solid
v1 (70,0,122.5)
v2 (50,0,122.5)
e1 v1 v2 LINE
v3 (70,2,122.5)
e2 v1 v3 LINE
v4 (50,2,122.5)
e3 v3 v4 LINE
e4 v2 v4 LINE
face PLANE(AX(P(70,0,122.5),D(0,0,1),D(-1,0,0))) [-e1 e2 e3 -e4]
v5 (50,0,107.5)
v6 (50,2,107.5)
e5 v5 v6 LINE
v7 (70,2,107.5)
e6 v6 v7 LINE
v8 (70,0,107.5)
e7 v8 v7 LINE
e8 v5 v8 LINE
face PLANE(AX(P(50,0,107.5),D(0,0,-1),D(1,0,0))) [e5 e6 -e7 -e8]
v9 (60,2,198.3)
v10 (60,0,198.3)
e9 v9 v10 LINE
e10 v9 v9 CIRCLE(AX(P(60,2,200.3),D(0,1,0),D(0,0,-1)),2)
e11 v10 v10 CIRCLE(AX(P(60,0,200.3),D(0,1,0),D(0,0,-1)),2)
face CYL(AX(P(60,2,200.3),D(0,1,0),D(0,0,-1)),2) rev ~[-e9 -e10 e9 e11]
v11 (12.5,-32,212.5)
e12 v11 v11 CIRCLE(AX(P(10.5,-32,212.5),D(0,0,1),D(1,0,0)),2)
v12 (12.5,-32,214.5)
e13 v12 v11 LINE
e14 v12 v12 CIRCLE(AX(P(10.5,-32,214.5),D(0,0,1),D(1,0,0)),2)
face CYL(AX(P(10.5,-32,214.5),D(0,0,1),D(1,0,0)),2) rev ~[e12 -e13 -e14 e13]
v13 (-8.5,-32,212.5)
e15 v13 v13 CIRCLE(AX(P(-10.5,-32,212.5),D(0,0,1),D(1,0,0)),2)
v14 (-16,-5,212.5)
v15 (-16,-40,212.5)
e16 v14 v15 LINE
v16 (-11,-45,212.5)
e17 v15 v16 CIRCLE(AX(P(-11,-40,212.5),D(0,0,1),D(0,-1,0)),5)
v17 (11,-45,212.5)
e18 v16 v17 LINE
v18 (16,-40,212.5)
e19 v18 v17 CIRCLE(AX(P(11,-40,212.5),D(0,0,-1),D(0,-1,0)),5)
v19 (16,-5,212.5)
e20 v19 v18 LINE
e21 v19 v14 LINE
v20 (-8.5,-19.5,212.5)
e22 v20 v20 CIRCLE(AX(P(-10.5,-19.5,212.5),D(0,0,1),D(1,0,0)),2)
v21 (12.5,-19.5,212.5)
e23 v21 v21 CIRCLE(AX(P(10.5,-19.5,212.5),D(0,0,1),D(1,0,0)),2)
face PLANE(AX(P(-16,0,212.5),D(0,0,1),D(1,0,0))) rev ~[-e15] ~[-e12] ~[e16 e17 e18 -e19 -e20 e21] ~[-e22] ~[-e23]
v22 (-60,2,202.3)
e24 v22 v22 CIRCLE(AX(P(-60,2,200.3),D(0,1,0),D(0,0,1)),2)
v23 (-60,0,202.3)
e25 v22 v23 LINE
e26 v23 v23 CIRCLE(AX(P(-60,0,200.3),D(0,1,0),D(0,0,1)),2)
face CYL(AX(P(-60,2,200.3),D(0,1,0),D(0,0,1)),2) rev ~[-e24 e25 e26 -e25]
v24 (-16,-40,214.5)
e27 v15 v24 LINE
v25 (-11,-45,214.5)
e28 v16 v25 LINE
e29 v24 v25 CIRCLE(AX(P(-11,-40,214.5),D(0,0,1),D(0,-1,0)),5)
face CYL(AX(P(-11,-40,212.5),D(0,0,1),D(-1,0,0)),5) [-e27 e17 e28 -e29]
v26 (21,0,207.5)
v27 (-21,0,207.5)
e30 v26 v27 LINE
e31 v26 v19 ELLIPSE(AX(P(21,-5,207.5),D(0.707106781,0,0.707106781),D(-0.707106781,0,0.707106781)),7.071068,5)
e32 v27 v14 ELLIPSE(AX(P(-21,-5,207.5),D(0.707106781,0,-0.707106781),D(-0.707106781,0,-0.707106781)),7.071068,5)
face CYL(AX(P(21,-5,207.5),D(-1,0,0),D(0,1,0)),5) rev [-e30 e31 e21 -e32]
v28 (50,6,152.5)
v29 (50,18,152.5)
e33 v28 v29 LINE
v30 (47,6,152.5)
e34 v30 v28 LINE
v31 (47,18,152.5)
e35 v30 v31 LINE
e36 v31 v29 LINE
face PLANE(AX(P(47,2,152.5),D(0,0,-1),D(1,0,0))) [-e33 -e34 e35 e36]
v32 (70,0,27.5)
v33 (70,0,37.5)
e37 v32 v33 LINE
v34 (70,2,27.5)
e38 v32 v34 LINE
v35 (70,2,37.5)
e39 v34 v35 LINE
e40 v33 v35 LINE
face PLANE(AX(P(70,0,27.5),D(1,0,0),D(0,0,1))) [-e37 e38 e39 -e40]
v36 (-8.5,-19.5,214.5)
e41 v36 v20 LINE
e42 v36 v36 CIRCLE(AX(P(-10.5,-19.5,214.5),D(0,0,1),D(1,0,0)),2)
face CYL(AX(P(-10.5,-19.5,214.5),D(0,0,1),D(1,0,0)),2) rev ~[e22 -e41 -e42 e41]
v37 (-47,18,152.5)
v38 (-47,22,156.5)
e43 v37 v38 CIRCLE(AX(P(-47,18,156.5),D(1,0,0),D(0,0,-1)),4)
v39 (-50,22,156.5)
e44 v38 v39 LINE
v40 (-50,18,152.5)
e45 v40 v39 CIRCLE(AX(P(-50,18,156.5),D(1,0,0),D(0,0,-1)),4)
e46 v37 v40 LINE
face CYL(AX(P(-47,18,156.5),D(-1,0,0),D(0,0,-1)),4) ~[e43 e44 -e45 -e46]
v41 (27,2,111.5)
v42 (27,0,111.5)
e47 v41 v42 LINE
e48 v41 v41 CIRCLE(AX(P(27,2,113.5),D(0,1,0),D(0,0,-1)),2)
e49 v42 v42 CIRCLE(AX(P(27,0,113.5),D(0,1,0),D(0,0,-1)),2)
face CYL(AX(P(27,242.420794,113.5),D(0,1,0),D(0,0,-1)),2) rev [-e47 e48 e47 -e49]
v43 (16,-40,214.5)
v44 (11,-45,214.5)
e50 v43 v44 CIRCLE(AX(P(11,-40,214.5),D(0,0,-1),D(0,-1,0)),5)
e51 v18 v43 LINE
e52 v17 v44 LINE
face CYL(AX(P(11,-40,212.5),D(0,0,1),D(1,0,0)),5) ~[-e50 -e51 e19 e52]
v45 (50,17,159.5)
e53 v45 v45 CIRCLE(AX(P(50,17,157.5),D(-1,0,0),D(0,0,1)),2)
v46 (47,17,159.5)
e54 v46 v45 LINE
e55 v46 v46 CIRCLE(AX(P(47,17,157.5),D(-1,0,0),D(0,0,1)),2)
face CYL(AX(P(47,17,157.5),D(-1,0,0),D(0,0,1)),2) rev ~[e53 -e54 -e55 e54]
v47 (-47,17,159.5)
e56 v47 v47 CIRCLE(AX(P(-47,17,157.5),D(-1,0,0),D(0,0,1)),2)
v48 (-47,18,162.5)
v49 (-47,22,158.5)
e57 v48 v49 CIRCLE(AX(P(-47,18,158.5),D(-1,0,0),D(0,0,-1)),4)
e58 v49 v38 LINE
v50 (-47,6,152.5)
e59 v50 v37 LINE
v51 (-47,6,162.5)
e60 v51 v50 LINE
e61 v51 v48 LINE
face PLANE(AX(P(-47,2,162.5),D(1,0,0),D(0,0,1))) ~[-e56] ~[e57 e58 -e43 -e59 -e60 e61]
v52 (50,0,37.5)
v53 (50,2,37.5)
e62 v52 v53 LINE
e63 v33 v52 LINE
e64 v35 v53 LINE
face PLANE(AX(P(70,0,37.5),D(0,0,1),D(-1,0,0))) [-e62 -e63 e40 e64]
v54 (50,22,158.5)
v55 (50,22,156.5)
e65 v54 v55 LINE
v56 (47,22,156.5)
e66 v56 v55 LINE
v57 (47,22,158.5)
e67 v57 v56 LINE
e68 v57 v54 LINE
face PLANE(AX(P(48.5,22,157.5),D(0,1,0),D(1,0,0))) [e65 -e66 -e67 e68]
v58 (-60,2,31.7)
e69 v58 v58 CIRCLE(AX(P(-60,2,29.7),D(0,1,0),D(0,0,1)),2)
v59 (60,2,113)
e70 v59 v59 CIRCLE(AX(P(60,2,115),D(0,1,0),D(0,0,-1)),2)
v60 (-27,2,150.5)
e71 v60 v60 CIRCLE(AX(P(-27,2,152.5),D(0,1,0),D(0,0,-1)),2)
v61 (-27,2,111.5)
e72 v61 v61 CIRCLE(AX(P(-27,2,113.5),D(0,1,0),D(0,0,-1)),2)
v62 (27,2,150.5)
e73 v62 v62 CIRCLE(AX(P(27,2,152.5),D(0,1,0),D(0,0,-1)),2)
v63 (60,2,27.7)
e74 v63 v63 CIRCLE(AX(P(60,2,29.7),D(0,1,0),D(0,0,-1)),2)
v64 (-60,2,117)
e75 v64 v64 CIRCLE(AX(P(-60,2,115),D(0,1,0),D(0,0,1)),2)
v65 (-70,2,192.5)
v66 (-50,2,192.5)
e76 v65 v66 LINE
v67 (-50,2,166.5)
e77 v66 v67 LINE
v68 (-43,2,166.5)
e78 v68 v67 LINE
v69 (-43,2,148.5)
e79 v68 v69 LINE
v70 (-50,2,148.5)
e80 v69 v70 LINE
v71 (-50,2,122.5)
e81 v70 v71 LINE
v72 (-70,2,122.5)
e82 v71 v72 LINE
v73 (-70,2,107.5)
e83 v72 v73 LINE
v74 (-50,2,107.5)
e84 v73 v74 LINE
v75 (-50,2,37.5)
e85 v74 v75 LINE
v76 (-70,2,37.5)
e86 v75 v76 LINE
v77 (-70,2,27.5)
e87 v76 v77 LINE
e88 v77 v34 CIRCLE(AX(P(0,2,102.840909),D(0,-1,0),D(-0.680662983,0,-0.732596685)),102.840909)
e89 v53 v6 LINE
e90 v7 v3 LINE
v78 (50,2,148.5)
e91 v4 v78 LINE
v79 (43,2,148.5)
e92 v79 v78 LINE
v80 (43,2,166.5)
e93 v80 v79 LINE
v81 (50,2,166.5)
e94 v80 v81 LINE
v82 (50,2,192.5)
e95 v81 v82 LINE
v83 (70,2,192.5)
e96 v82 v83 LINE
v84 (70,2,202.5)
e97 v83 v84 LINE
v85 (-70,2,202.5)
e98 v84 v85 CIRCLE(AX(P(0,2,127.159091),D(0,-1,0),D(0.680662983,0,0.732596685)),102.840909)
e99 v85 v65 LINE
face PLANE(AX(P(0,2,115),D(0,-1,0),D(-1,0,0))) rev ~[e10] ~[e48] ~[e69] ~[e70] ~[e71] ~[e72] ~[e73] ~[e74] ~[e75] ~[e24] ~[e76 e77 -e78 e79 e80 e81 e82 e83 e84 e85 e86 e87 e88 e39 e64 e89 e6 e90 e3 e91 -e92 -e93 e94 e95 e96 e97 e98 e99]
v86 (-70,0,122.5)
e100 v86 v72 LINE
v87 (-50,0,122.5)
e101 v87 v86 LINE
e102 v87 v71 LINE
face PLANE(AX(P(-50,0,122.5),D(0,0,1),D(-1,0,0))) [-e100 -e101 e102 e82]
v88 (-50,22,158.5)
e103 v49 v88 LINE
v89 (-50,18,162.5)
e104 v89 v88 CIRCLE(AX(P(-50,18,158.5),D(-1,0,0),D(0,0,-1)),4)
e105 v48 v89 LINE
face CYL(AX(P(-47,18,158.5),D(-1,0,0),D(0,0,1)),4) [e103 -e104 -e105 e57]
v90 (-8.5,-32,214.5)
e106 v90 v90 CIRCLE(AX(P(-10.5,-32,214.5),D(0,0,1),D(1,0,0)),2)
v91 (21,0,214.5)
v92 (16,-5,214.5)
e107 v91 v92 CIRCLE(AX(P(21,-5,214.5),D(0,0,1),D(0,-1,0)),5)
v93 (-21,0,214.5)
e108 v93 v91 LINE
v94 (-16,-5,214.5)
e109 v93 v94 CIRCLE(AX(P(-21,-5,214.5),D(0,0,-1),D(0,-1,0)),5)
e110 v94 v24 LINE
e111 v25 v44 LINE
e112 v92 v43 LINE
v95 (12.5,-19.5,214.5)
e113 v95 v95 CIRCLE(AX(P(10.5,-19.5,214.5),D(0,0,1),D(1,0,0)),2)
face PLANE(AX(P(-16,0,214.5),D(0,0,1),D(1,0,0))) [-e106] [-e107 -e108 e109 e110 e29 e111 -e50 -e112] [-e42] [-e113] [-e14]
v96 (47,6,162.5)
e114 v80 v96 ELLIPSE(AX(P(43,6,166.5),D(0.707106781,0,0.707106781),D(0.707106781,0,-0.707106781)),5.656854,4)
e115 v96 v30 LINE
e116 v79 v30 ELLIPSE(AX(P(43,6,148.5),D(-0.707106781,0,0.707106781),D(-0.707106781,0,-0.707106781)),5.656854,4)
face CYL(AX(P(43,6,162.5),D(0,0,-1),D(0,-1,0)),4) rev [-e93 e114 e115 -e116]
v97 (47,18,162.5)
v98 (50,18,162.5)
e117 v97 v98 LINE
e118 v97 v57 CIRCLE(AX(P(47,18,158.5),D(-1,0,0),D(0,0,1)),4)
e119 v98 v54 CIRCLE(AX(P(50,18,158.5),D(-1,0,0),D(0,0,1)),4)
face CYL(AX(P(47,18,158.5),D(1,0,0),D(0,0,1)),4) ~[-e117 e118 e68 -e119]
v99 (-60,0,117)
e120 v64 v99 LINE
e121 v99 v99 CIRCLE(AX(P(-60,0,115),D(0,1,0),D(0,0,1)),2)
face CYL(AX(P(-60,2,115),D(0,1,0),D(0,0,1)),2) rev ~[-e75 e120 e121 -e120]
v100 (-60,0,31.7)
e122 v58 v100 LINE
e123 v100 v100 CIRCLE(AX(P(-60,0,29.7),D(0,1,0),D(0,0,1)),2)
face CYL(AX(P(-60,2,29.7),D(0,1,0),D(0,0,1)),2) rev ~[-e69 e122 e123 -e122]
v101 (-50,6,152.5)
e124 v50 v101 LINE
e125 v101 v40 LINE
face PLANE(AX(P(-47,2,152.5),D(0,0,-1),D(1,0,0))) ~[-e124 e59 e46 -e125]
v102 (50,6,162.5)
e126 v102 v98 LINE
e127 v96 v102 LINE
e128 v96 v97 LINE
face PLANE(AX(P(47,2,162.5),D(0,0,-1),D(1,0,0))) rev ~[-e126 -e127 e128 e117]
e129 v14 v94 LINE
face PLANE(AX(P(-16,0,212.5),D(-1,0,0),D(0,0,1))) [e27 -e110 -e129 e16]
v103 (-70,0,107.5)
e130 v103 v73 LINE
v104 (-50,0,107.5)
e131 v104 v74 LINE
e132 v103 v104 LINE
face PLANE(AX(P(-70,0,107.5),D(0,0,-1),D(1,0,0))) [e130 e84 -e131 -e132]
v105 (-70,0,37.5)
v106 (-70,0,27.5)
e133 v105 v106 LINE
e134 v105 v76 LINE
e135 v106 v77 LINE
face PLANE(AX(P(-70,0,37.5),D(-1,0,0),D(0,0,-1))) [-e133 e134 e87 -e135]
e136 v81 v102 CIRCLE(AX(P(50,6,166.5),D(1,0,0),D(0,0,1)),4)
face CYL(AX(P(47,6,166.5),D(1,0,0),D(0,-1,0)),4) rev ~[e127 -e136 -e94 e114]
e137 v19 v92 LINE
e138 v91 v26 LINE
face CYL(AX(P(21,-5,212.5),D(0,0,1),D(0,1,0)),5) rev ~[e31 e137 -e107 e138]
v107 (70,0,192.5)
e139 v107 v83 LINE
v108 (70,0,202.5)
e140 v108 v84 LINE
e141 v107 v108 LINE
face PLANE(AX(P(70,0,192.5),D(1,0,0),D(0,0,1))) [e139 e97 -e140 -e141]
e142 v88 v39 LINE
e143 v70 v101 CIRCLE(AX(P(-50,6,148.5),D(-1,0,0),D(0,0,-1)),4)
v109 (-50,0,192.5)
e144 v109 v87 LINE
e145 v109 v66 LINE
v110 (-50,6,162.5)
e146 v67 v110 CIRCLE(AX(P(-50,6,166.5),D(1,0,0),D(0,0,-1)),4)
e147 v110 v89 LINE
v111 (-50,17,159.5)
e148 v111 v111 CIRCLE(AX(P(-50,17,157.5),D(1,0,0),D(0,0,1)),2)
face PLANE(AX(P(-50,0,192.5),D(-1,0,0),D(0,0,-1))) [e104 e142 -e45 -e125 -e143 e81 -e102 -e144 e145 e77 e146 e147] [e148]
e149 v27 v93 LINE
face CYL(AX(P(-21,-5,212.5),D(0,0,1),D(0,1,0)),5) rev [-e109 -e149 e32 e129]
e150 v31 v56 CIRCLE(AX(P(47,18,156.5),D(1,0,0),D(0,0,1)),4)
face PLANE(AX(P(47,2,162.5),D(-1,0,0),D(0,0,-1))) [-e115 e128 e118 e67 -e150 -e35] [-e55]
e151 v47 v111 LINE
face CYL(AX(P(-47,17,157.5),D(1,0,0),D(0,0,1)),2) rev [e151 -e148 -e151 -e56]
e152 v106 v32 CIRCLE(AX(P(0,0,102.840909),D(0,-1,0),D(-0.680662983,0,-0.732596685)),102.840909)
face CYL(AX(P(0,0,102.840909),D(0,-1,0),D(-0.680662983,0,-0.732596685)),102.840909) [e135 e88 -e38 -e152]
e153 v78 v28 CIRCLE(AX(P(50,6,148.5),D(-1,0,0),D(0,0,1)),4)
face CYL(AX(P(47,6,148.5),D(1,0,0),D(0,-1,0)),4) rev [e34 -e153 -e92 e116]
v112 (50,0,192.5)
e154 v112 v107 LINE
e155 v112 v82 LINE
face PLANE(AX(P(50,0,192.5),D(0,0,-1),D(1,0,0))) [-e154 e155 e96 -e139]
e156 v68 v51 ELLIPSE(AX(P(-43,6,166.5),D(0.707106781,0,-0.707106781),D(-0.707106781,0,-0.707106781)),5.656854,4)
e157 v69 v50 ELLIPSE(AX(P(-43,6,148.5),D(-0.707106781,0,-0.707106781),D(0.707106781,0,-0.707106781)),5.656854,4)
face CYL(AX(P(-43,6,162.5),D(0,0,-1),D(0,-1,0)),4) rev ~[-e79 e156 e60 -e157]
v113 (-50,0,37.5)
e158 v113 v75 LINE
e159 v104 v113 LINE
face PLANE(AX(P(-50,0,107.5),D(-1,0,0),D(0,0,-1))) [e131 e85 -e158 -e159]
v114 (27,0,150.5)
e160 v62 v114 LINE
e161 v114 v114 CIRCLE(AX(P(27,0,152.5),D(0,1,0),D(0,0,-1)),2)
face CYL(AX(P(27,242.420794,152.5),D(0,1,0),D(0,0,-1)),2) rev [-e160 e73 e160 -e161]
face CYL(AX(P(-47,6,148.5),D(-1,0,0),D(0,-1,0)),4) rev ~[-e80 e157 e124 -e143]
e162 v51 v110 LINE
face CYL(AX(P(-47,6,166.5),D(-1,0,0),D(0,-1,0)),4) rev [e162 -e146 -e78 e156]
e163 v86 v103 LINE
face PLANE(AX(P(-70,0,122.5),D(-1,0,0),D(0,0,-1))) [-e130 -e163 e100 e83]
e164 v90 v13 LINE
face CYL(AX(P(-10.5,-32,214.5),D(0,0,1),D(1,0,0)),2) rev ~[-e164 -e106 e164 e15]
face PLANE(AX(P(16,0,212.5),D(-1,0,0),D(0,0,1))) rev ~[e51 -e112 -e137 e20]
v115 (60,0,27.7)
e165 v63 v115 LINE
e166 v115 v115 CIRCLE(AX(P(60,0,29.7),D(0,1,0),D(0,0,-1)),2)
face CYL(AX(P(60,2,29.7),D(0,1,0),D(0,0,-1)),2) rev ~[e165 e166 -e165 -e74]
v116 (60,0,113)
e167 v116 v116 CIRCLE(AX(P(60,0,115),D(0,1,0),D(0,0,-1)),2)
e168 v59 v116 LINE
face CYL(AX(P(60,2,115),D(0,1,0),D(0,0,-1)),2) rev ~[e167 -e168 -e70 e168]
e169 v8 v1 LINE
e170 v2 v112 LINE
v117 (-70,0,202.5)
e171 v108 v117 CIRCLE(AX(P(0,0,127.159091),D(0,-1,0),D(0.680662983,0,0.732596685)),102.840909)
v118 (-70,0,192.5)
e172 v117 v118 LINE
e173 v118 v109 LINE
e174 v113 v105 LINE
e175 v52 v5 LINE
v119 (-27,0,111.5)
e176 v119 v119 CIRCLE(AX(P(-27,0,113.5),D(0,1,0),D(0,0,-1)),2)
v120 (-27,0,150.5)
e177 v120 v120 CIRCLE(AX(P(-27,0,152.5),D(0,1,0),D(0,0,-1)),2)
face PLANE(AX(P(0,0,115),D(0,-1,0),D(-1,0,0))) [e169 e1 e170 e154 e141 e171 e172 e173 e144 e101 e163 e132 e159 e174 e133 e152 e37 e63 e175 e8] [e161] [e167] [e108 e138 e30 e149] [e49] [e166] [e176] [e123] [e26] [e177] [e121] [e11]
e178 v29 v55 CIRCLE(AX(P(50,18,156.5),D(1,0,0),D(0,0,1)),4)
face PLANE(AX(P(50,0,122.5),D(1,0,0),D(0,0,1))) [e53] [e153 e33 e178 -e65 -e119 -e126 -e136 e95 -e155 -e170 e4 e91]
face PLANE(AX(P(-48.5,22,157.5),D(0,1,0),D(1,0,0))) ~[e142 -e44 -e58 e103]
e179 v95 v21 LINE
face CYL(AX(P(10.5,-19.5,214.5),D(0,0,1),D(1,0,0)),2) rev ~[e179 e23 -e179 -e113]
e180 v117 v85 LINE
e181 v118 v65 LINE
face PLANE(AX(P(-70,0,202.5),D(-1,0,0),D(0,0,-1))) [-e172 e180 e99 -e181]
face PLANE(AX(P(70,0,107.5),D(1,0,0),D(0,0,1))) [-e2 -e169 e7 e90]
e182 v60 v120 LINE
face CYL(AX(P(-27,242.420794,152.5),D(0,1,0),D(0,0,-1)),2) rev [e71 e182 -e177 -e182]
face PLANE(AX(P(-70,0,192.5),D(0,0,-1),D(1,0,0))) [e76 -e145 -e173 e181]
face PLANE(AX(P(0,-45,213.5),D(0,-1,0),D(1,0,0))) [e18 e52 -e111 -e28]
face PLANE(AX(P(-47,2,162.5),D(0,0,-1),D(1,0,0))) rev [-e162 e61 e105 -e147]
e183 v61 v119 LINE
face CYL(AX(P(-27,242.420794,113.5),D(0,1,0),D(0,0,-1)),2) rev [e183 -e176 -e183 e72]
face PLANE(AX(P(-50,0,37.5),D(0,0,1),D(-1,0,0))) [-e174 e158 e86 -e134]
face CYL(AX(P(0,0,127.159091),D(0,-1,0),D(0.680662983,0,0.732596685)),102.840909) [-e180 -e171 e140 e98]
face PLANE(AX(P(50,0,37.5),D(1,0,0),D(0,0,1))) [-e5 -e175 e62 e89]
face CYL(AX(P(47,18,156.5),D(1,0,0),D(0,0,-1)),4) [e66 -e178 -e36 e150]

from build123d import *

# Parameters (mm, degrees)
BOSS_EXTRUDE1_DEPTH     = 2
SKETCH3_W               = 3
SKETCH3_H               = 10
BOSS_EXTRUDE2_DEPTH     = 20
SKETCH4_R               = 2
CUT_EXTRUDE2_DEPTH      = 259.984555524
FILLET1_R               = 4
FILLET1_OF_MIRROR1_R    = 4
SKETCH5_R               = 2
CUT_EXTRUDE3_DEPTH      = 242.246761636
CUT_EXTRUDE4_DEPTH      = 242.420794465
CUT_EXTRUDE4_DEPTH_BACK = 242.420794465
SKETCH6_R               = 2
SKETCH7_W               = 32
SKETCH7_H               = 2
BOSS_EXTRUDE3_DEPTH     = 45
FILLET3_R               = 5
FILLET4_R               = 5
SKETCH8_R               = 2
CUT_EXTRUDE5_DEPTH      = 231.076617673


with BuildPart() as part:
    # Sketch1 → Boss-Extrude1 (new body)
    with BuildSketch(Plane(origin=(0, 0, 0), x_dir=(1, 0, 0), z_dir=(0, 1, 0))):
        with BuildLine():
            Line((70, -27.5), (70, -37.5))
            Line((70, -37.5), (50, -37.5))
            Line((50, -37.5), (50, -107.5))
            Line((50, -107.5), (70, -107.5))
            Line((70, -107.5), (70, -122.5))
            Line((70, -122.5), (50, -122.5))
            Line((50, -122.5), (50, -192.5))
            Line((50, -192.5), (70, -192.5))
            Line((70, -192.5), (70, -202.5))
            ThreePointArc((70, -202.5), (0, -230), (-70, -202.5))
            Line((-70, -202.5), (-70, -192.5))
            Line((-70, -192.5), (-50, -192.5))
            Line((-50, -192.5), (-50, -122.5))
            Line((-50, -122.5), (-70, -122.5))
            Line((-70, -122.5), (-70, -107.5))
            Line((-70, -107.5), (-50, -107.5))
            Line((-50, -107.5), (-50, -37.5))
            Line((-50, -37.5), (-70, -37.5))
            Line((-70, -37.5), (-70, -27.5))
            ThreePointArc((-70, -27.5), (0, 0), (70, -27.5))
        make_face()
    extrude(amount=BOSS_EXTRUDE1_DEPTH)

    # Sketch3 → Boss-Extrude2 (add)
    with BuildSketch(Plane(origin=(0, 2, 0), x_dir=(1, 0, 0), z_dir=(0, 1, 0))):
        with Locations((48.5, -157.5)):
            Rectangle(SKETCH3_W, SKETCH3_H)
    boss_extrude2 = extrude(amount=BOSS_EXTRUDE2_DEPTH)

    # Sketch4 → Cut-Extrude2 (cut, through all)
    with BuildSketch(Plane.ZY.offset(-47)):
        with Locations((157.5, 17)):
            Circle(SKETCH4_R)
    cut_extrude2 = extrude(amount=-CUT_EXTRUDE2_DEPTH, mode=Mode.SUBTRACT)

    # Fillet1
    fillet1_edges = [part.edges().sort_by_distance(p)[0] for p in [
        (47, 2, 157.5),
        (48.5, 2, 162.5),
        (48.5, 2, 152.5),
        (48.5, 22, 162.5),
        (48.5, 22, 152.5),
    ]]
    fillet(fillet1_edges, radius=FILLET1_R)

    # Mirror1: Boss-Extrude2, Cut-Extrude2 across plane
    add(boss_extrude2.mirror(Plane(origin=(0, 0, 0), x_dir=(0, 0, 1), z_dir=(1, 0, 0))))
    add(cut_extrude2.mirror(Plane(origin=(0, 0, 0), x_dir=(0, 0, 1), z_dir=(1, 0, 0))), mode=Mode.SUBTRACT)

    # Fillet1 of Mirror1
    fillet1_of_mirror1_edges = [part.edges().sort_by_distance(p)[0] for p in [
        (-47, 2, 157.5),
        (-48.5, 2, 162.5),
        (-48.5, 2, 152.5),
        (-48.5, 22, 162.5),
        (-48.5, 22, 152.5),
    ]]
    fillet(fillet1_of_mirror1_edges, radius=FILLET1_OF_MIRROR1_R)

    # Sketch5 → Cut-Extrude3 (cut, through all)
    with BuildSketch(Plane(origin=(0, 2, 0), x_dir=(1, 0, 0), z_dir=(0, 1, 0))):
        with Locations(Location((-60, -115, 0), (0, 0, 270))):
            Circle(SKETCH5_R)
        with Locations(Location((-60, -200.3, 0), (0, 0, 270))):
            Circle(SKETCH5_R)
        with Locations(Location((-60, -29.7, 0), (0, 0, 270))):
            Circle(SKETCH5_R)
        with Locations(Location((60, -200.3, 0), (0, 0, 90))):
            Circle(SKETCH5_R)
        with Locations(Location((60, -115, 0), (0, 0, 90))):
            Circle(SKETCH5_R)
        with Locations(Location((60, -29.7, 0), (0, 0, 90))):
            Circle(SKETCH5_R)
    extrude(amount=-CUT_EXTRUDE3_DEPTH, mode=Mode.SUBTRACT)

    # Sketch6 → Cut-Extrude4 (cut, two sides: drawn at the far end of the back side and taken through both)
    with BuildSketch(Plane.XZ.offset(-CUT_EXTRUDE4_DEPTH_BACK)):
        with Locations(Location((-27, 152.5, 0), (0, 0, 270))):
            Circle(SKETCH6_R)
        with Locations(Location((27, 152.5, 0), (0, 0, 270))):
            Circle(SKETCH6_R)
        with Locations(Location((-27, 113.5, 0), (0, 0, 270))):
            Circle(SKETCH6_R)
        with Locations(Location((27, 113.5, 0), (0, 0, 270))):
            Circle(SKETCH6_R)
    extrude(amount=CUT_EXTRUDE4_DEPTH + CUT_EXTRUDE4_DEPTH_BACK, mode=Mode.SUBTRACT)

    # Sketch7 → Boss-Extrude3 (add)
    with BuildSketch(Plane.XZ):
        with Locations((0, 213.5)):
            Rectangle(SKETCH7_W, SKETCH7_H)
    extrude(amount=BOSS_EXTRUDE3_DEPTH)

    # Fillet3
    fillet3_edges = [part.edges().sort_by_distance(p)[0] for p in [
        (-16, 0, 213.5),
        (16, 0, 213.5),
        (-16, -45, 213.5),
        (16, -45, 213.5),
    ]]
    fillet(fillet3_edges, radius=FILLET3_R)

    # Fillet4
    fillet4_edges = [part.edges().sort_by_distance(p)[0] for p in [
        (0, 0, 212.5),
    ]]
    fillet(fillet4_edges, radius=FILLET4_R)

    # Sketch8 → Cut-Extrude5 (cut, through all)
    with BuildSketch(Plane.XY.offset(214.5)):
        with Locations((-10.5, -19.5)):
            Circle(SKETCH8_R)
        with Locations((10.5, -19.5)):
            Circle(SKETCH8_R)
        with Locations((10.5, -32)):
            Circle(SKETCH8_R)
        with Locations((-10.5, -32)):
            Circle(SKETCH8_R)
    extrude(amount=-CUT_EXTRUDE5_DEPTH, mode=Mode.SUBTRACT)


solid = part.part
